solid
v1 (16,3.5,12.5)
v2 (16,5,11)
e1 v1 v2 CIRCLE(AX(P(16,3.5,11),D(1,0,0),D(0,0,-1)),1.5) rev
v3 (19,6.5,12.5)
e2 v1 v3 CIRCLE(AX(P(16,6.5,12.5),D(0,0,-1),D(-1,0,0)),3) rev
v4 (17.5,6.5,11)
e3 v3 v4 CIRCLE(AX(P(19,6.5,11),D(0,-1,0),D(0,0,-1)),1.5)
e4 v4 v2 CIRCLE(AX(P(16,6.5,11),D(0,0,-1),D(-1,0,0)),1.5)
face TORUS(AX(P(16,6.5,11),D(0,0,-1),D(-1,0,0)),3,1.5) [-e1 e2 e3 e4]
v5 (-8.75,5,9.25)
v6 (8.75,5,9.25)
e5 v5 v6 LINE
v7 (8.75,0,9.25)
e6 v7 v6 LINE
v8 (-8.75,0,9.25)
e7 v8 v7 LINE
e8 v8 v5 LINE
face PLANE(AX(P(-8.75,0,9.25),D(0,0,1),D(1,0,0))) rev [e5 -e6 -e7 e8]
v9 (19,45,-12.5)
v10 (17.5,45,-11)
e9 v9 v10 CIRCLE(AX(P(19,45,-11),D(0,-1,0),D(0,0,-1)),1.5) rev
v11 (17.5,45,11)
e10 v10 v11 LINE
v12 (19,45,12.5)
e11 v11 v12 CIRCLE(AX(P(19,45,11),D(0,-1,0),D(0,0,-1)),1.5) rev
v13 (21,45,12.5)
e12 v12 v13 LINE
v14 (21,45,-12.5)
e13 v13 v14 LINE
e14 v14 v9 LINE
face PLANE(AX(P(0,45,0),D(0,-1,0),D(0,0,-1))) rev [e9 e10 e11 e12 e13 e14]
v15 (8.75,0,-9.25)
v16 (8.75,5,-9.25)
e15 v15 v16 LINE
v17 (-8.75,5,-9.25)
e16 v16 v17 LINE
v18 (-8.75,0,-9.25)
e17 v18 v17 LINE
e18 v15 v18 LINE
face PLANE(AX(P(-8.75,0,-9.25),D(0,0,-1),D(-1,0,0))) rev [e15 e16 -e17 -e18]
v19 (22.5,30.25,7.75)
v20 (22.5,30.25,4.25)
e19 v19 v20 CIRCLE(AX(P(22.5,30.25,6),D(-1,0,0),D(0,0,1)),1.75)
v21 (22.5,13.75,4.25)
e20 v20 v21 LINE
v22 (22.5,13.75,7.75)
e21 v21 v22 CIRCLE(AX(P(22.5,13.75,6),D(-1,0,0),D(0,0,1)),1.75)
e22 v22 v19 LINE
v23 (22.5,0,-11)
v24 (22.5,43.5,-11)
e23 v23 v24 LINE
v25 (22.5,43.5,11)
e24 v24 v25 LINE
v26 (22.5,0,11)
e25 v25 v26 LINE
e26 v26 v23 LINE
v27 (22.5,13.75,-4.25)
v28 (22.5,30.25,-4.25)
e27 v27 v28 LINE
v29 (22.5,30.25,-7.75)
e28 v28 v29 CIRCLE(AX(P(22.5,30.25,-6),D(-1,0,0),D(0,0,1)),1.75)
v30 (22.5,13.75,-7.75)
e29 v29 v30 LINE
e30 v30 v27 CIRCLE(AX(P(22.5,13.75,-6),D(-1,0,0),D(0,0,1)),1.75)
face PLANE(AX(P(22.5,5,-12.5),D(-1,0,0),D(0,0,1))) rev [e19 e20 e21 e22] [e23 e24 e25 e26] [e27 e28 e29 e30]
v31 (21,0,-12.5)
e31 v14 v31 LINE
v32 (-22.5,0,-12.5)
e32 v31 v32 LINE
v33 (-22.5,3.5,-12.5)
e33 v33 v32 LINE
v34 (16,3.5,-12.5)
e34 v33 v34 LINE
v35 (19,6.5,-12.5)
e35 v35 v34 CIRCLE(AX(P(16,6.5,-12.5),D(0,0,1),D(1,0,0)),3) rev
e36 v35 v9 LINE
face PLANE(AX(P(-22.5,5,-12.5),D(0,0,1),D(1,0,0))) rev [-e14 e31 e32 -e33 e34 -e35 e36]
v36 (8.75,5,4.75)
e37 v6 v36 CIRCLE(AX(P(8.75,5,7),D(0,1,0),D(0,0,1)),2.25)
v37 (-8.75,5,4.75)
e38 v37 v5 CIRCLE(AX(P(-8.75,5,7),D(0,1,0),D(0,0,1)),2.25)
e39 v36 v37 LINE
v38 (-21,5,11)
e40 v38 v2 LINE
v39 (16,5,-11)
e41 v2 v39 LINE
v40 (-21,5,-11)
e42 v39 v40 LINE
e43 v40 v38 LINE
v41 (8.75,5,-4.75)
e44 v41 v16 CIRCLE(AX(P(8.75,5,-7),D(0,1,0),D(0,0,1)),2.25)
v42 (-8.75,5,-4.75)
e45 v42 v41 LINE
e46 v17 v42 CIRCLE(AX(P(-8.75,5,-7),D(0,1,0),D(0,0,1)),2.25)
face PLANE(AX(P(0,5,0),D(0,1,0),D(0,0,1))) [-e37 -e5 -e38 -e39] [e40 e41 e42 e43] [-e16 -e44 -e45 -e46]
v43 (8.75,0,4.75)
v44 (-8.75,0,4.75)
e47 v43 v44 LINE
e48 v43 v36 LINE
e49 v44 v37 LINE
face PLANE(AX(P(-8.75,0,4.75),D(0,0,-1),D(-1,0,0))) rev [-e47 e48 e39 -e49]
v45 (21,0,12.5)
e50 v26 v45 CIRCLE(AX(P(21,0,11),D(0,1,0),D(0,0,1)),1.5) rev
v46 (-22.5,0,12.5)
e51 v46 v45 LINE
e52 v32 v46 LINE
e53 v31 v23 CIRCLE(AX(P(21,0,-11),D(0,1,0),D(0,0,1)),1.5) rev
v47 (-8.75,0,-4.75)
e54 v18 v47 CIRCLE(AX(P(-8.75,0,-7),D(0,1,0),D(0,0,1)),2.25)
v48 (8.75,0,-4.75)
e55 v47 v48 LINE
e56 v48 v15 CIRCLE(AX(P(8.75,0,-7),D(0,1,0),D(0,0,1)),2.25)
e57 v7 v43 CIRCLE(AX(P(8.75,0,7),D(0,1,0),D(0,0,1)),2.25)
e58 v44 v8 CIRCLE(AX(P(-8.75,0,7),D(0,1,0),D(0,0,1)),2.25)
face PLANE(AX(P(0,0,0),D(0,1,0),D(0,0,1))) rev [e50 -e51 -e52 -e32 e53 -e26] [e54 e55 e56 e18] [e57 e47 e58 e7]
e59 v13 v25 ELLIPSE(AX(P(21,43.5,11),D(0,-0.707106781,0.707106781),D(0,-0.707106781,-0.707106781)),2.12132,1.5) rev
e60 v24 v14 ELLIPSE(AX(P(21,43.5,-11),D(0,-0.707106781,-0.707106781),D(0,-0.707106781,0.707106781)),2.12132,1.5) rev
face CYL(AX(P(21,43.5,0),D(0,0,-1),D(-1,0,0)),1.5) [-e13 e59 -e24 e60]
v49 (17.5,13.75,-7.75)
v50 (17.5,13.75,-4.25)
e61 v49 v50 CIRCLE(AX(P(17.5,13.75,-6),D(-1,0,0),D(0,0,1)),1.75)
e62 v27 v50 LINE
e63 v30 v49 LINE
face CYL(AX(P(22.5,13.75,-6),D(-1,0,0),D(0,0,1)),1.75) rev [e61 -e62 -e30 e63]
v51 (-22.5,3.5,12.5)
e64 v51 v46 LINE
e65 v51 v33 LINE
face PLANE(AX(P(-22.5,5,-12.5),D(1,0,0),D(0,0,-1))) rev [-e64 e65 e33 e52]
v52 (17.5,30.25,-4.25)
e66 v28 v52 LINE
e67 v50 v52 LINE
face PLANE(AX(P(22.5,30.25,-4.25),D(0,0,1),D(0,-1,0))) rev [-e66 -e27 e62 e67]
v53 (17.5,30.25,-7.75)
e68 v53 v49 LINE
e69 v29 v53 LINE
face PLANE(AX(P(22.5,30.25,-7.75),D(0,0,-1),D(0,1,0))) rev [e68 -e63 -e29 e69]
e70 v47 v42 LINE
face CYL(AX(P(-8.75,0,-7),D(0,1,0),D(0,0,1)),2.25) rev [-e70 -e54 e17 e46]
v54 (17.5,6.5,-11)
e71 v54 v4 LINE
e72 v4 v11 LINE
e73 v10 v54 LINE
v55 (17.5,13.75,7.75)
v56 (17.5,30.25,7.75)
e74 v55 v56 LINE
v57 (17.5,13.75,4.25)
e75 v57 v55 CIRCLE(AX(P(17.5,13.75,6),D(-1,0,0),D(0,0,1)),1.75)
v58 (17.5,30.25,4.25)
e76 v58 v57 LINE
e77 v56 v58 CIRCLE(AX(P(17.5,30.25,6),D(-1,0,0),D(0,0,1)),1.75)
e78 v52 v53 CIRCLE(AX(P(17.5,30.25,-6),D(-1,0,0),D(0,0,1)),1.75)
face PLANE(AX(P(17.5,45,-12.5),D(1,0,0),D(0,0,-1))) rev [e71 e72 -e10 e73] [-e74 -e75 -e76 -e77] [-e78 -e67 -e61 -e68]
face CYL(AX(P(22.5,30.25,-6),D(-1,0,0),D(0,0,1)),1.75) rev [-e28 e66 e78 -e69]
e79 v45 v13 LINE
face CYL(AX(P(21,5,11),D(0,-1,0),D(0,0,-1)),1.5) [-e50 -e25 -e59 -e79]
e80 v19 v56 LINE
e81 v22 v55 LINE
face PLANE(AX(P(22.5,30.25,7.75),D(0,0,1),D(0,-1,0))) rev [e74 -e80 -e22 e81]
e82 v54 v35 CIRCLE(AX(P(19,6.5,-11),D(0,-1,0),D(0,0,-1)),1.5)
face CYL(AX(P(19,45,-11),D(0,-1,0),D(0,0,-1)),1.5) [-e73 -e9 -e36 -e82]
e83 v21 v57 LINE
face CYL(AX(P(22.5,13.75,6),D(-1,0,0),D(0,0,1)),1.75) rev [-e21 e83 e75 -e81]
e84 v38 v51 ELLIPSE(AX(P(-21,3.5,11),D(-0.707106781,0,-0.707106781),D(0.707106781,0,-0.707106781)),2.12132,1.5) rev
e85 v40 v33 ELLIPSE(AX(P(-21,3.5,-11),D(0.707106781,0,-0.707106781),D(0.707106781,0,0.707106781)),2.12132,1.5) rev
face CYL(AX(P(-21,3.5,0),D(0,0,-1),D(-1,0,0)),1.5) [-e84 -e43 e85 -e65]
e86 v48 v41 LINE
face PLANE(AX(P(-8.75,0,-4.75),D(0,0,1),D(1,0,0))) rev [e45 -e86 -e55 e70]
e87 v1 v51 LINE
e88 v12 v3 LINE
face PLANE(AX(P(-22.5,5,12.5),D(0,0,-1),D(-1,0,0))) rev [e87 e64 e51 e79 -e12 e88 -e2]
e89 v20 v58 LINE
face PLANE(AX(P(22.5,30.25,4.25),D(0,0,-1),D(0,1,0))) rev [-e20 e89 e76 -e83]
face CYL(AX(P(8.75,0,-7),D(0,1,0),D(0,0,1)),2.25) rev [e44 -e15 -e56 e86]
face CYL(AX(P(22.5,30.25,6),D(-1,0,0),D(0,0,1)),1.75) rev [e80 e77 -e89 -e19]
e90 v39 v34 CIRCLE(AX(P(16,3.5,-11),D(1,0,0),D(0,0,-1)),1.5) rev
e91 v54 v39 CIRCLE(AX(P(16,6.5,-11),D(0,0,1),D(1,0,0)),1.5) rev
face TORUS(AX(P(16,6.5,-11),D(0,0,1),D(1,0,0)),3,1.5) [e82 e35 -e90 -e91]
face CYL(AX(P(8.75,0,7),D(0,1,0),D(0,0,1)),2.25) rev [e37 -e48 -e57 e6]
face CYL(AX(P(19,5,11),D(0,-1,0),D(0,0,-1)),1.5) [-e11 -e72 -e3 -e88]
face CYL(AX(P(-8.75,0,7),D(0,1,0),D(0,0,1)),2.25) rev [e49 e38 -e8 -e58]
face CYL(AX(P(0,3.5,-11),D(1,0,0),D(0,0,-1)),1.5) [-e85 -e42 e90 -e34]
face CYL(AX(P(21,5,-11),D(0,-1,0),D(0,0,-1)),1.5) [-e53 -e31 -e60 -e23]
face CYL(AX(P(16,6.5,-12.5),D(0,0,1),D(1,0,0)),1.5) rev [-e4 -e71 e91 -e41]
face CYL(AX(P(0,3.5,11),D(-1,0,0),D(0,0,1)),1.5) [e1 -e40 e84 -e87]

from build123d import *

# Parameters (mm, degrees)
SKETCH2_W           = 45
SKETCH2_H           = 25
BOSS_EXTRUDE1_DEPTH = 5
CUT_EXTRUDE1_DEPTH  = 27.220221204
SKETCH5_W           = 5
SKETCH5_H           = 25
BOSS_EXTRUDE2_DEPTH = 40
CUT_EXTRUDE2_DEPTH  = 62.491869381
FILLET2_R           = 1.5


with BuildPart() as part:
    # Sketch2 → Boss-Extrude1 (new body)
    with BuildSketch(Plane(origin=(0, 0, 0), x_dir=(1, 0, 0), z_dir=(0, 1, 0))):
        Rectangle(SKETCH2_W, SKETCH2_H)
    extrude(amount=BOSS_EXTRUDE1_DEPTH)

    # Sketch3 → Cut-Extrude1 (cut, through all)
    with BuildSketch(Plane(origin=(0, 5, 0), x_dir=(1, 0, 0), z_dir=(0, 1, 0))):
        with BuildLine():
            Line((-8.75, 9.25), (8.75, 9.25))
            ThreePointArc((8.75, 9.25), (11, 7), (8.75, 4.75))
            Line((8.75, 4.75), (-8.75, 4.75))
            ThreePointArc((-8.75, 4.75), (-11, 7), (-8.75, 9.25))
        make_face()
        with BuildLine():
            Line((-8.75, -4.75), (8.75, -4.75))
            ThreePointArc((8.75, -4.75), (11, -7), (8.75, -9.25))
            Line((8.75, -9.25), (-8.75, -9.25))
            ThreePointArc((-8.75, -9.25), (-11, -7), (-8.75, -4.75))
        make_face()
    extrude(amount=-CUT_EXTRUDE1_DEPTH, mode=Mode.SUBTRACT)

    # Sketch5 → Boss-Extrude2 (add)
    with BuildSketch(Plane(origin=(0, 5, 0), x_dir=(1, 0, 0), z_dir=(0, 1, 0))):
        with Locations((20, 0)):
            Rectangle(SKETCH5_W, SKETCH5_H)
    extrude(amount=BOSS_EXTRUDE2_DEPTH)

    # Sketch6 → Cut-Extrude2 (cut, through all)
    with BuildSketch(Plane.ZY.offset(-17.5)):
        with BuildLine():
            Line((-4.25, 30.25), (-4.25, 13.75))
            ThreePointArc((-4.25, 13.75), (-6, 12), (-7.75, 13.75))
            Line((-7.75, 13.75), (-7.75, 30.25))
            ThreePointArc((-7.75, 30.25), (-6, 32), (-4.25, 30.25))
        make_face()
        with BuildLine():
            Line((7.75, 30.25), (7.75, 13.75))
            ThreePointArc((7.75, 13.75), (6, 12), (4.25, 13.75))
            Line((4.25, 13.75), (4.25, 30.25))
            ThreePointArc((4.25, 30.25), (6, 32), (7.75, 30.25))
        make_face()
    extrude(amount=-CUT_EXTRUDE2_DEPTH, mode=Mode.SUBTRACT)

    # Fillet2
    fillet2_edges = [part.edges().sort_by_distance(p)[0] for p in [
        (-22.5, 5, 0),
        (-2.5, 5, 12.5),
        (-2.5, 5, -12.5),
        (17.5, 5, 0),
        (17.5, 25, -12.5),
        (17.5, 25, 12.5),
        (22.5, 45, 0),
        (22.5, 22.5, 12.5),
        (22.5, 22.5, -12.5),
    ]]
    fillet(fillet2_edges, radius=FILLET2_R)


solid = part.part
